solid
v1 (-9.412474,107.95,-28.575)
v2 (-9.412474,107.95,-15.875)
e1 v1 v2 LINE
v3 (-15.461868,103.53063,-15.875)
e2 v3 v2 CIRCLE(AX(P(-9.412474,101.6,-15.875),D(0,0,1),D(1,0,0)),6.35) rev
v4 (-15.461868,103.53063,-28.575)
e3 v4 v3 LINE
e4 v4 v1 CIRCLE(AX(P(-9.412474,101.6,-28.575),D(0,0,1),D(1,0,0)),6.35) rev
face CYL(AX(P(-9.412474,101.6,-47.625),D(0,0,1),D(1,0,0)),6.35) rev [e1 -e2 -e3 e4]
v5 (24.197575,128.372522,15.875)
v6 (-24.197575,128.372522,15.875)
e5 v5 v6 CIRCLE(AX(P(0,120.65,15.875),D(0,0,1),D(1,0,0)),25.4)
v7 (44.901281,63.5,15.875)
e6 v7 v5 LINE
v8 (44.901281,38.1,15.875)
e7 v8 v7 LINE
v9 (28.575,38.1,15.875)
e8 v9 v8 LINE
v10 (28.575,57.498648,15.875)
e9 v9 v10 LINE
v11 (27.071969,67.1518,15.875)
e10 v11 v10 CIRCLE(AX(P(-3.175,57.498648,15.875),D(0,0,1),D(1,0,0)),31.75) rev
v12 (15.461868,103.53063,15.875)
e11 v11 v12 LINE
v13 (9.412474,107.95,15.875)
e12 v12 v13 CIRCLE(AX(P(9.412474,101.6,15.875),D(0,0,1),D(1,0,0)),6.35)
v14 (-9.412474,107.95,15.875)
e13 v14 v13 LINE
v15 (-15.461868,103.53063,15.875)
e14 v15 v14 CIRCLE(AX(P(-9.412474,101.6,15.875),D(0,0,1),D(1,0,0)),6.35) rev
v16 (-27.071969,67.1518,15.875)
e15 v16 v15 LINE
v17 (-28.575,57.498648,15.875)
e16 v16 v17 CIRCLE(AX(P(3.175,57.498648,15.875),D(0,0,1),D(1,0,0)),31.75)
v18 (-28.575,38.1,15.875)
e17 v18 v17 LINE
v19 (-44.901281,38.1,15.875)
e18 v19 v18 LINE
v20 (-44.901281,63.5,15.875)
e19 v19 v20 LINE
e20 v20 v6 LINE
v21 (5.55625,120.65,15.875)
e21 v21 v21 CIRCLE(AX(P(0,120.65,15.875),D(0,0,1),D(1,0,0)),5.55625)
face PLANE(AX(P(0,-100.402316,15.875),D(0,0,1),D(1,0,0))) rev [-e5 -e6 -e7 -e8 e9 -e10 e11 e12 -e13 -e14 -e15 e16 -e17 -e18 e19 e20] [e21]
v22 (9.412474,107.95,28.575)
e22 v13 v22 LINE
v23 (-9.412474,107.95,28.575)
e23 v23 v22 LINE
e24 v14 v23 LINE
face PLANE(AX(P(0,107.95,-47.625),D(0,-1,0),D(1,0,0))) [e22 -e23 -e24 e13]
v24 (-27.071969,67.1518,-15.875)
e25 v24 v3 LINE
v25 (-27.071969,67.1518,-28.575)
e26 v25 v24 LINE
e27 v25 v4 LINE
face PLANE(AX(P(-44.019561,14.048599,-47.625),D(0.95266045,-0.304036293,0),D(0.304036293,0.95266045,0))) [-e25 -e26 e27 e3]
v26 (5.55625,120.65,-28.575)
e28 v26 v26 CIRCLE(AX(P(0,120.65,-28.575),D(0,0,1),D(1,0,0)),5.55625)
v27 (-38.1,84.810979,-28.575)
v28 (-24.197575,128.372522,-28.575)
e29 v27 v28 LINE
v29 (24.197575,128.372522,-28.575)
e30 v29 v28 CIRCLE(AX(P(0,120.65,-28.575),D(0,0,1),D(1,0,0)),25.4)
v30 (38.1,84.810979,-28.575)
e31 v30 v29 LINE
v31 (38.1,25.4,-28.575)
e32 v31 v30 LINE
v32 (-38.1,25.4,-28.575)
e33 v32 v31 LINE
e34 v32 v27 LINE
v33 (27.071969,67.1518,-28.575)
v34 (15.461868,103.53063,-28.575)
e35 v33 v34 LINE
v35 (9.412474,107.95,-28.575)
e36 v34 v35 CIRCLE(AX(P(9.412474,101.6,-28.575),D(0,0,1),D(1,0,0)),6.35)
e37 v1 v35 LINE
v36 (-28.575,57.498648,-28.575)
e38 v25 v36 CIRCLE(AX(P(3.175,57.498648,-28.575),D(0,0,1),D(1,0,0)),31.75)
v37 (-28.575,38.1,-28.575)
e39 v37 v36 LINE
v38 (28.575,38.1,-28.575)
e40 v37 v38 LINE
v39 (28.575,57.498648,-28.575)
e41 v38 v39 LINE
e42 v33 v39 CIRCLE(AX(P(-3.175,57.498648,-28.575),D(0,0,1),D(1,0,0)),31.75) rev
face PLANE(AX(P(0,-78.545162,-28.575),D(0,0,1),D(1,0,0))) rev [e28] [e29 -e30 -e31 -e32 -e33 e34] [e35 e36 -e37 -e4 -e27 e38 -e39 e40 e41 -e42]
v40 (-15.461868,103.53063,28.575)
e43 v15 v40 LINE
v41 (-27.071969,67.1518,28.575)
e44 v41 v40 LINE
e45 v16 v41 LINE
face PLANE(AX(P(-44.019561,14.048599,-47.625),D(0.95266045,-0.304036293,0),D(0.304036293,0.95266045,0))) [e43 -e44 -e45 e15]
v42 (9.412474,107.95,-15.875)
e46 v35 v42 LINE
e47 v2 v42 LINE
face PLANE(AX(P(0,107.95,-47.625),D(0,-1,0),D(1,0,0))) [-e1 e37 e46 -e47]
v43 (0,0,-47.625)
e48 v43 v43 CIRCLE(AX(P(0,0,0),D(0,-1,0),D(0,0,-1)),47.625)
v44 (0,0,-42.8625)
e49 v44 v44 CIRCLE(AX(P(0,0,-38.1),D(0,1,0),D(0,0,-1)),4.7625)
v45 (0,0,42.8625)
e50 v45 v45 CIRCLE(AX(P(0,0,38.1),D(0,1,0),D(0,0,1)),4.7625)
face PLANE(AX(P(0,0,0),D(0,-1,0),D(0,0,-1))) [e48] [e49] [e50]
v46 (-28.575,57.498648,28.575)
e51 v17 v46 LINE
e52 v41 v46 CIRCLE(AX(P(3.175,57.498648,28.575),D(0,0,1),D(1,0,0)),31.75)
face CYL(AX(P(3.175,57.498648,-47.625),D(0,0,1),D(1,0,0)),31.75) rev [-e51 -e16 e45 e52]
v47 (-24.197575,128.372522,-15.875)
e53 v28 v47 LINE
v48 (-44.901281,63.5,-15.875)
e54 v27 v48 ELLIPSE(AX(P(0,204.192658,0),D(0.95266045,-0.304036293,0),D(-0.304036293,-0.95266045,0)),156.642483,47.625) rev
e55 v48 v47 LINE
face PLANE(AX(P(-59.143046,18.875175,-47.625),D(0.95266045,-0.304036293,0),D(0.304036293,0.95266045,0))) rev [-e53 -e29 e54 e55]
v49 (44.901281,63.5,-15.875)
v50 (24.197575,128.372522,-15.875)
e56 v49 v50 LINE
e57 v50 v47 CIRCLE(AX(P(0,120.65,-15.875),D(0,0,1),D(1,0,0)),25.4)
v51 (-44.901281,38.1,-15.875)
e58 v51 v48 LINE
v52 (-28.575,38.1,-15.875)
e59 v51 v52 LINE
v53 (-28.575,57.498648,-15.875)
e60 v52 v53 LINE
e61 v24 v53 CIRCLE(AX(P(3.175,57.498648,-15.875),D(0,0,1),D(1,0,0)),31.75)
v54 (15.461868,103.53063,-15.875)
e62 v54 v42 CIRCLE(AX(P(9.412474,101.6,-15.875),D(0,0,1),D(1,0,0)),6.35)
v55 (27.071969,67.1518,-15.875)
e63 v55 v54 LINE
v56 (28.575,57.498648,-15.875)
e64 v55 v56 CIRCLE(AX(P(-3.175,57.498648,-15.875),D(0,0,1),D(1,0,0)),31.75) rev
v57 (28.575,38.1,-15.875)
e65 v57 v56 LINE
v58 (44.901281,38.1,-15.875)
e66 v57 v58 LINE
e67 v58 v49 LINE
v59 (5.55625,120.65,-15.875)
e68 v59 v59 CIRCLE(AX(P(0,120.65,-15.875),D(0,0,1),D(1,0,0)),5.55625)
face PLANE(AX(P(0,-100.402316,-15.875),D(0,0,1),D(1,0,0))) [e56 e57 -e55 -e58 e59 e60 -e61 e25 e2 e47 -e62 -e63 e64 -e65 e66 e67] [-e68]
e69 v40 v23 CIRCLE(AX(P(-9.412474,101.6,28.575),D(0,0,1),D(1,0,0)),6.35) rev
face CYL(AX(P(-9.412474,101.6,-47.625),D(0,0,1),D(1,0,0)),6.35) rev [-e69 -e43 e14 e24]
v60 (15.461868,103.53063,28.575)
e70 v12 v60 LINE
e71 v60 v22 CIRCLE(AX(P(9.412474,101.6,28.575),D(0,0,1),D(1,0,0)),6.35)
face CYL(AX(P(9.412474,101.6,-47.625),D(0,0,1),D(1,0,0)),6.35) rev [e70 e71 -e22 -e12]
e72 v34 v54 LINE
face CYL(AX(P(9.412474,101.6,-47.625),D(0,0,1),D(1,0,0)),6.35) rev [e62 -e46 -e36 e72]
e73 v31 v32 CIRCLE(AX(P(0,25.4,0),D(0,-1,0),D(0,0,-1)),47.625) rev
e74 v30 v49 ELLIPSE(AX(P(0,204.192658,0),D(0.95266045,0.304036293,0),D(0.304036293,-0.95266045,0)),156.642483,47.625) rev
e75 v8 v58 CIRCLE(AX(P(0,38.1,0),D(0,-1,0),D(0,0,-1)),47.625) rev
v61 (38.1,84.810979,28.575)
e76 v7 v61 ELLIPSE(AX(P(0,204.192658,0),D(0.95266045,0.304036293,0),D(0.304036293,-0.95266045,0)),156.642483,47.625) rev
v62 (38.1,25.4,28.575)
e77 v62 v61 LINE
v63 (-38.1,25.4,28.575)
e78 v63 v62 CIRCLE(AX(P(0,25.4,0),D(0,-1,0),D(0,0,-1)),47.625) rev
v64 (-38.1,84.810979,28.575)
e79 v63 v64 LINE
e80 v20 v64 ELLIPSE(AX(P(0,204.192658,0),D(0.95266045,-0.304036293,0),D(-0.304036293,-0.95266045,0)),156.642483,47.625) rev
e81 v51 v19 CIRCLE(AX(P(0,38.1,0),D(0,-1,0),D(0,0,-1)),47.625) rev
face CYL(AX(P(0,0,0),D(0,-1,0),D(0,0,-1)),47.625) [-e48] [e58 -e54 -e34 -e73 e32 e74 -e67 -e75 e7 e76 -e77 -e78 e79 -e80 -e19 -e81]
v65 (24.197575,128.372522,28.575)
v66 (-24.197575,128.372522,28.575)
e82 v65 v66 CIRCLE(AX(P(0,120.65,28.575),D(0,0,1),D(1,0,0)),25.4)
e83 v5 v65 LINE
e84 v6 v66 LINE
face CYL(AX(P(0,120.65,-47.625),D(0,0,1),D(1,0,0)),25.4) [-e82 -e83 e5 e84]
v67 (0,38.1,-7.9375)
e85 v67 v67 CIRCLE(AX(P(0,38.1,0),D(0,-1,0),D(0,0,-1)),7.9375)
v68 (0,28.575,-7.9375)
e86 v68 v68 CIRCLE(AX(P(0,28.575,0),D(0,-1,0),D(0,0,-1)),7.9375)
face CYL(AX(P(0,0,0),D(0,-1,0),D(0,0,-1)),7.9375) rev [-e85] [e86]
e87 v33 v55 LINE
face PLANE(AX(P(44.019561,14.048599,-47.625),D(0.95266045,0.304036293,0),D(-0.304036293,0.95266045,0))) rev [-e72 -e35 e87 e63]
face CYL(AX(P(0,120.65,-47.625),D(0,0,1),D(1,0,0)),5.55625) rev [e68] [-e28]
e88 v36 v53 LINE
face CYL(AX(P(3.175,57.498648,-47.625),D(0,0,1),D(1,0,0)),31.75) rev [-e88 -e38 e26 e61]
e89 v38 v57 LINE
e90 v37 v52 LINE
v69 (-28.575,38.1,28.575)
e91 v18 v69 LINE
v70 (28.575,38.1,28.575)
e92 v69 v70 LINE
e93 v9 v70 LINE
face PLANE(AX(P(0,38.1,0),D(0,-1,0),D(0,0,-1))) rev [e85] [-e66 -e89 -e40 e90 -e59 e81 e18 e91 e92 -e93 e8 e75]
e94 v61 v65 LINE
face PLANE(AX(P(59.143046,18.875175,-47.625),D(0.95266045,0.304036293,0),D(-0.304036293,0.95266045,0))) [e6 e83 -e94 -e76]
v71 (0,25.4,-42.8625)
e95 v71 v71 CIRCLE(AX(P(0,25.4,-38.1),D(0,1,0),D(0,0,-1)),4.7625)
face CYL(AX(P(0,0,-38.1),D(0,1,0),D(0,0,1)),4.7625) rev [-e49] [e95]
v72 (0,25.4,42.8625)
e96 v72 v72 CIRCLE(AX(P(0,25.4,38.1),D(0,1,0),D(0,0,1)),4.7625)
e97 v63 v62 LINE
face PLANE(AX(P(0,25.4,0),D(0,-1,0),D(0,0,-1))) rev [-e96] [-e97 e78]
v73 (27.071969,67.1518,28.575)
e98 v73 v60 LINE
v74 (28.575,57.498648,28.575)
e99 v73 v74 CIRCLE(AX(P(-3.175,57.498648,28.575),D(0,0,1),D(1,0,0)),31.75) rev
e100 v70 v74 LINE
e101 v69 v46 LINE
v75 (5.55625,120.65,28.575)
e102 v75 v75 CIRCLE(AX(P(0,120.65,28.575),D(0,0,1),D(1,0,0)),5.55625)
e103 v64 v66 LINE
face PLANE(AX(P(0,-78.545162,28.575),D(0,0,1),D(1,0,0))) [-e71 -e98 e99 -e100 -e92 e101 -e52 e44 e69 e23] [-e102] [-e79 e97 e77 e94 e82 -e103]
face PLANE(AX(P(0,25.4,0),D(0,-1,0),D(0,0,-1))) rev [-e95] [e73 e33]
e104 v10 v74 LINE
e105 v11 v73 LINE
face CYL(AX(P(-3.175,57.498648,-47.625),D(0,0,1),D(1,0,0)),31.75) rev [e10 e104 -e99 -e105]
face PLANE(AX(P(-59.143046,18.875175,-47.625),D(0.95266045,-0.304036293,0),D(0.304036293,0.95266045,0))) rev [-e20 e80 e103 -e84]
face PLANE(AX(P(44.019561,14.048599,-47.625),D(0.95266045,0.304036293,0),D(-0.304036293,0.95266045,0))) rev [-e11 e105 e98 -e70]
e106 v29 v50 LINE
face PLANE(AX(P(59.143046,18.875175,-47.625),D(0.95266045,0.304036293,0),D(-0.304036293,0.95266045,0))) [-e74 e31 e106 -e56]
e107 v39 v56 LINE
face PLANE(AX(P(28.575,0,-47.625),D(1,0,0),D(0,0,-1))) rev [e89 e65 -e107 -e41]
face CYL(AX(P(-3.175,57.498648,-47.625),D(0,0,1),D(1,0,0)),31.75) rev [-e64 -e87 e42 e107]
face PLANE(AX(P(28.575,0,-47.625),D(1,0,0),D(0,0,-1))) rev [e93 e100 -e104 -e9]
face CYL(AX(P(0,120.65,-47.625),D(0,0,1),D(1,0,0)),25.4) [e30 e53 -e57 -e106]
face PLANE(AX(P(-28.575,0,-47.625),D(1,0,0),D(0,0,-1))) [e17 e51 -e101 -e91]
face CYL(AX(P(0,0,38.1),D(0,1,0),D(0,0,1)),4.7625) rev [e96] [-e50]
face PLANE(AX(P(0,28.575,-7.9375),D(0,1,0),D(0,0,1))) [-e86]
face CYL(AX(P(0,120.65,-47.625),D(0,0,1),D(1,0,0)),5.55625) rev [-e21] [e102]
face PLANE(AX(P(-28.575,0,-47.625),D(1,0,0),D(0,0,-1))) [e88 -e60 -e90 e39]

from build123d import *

# Parameters (mm, degrees)
CUT_EXTRUDE1_DEPTH      = 120.65
CUT_EXTRUDE2_DEPTH      = 107.95
CUT_EXTRUDE3_DEPTH      = 167.225729431
CUT_EXTRUDE3_DEPTH_BACK = 167.225729431
SKETCH5_R               = 4.7625
CUT_EXTRUDE4_DEPTH      = 139.176350183


with BuildPart() as part:
    # Sketch1 → Revolve1 (revolve)
    with BuildSketch(Plane(origin=(0, 0, 0), x_dir=(0, 0, -1), z_dir=(1, 0, 0))):
        Polygon((0, 0), (47.625, 0), (47.625, 146.05), (0, 146.05), (0, 38.1), (7.9375, 38.1), (7.9375, 28.575), (0, 28.575), align=None)
    revolve(axis=Axis((0, 0, 0), (0, 1, 0)))

    # Sketch2 → Cut-Extrude1 (cut)
    with BuildSketch(Plane(origin=(0, 146.05, 0), x_dir=(1, 0, 0), z_dir=(0, 1, 0))):
        with BuildLine():
            ThreePointArc((38.1, 28.575), (0, 47.625), (-38.1, 28.575))
            Line((-38.1, 28.575), (38.1, 28.575))
        make_face()
        with BuildLine():
            Line((38.1, -28.575), (-38.1, -28.575))
            ThreePointArc((-38.1, -28.575), (0, -47.625), (38.1, -28.575))
        make_face()
    extrude(amount=-CUT_EXTRUDE1_DEPTH, mode=Mode.SUBTRACT)

    # Sketch2<3> → Cut-Extrude2 (cut)
    with BuildSketch(Plane(origin=(0, 146.05, 0), x_dir=(1, 0, 0), z_dir=(0, 1, 0))):
        with BuildLine():
            ThreePointArc((-44.901280605, 15.875), (-46.939131403, 8.053481737), (-47.625, 0))
            Line((-47.625, 0), (47.625, 0))
            ThreePointArc((47.625, 0), (46.939131403, 8.053481737), (44.901280605, 15.875))
            Line((44.901280605, 15.875), (-44.901280605, 15.875))
        make_face()
        with BuildLine():
            Line((47.625, 0), (-47.625, 0))
            ThreePointArc((-47.625, 0), (-46.939131403, -8.053481737), (-44.901280605, -15.875))
            Line((-44.901280605, -15.875), (44.901280605, -15.875))
            ThreePointArc((44.901280605, -15.875), (46.939131403, -8.053481737), (47.625, 0))
        make_face()
    extrude(amount=-CUT_EXTRUDE2_DEPTH, mode=Mode.SUBTRACT)

    # Sketch4 → Cut-Extrude3 (cut, two sides)
    with BuildSketch(Plane.XY.offset(-15.875)) as cut_extrude3_sk:
        with BuildLine():
            Line((-28.575, 57.498647721), (-28.575, 38.1))
            Line((-28.575, 38.1), (0, 38.1))
            Line((0, 38.1), (0, 107.95))
            Line((0, 107.95), (-9.412473661, 107.95))
            ThreePointArc((-9.412473661, 107.95), (-13.158337818, 106.72747518), (-15.461867516, 103.530630463))
            Line((-15.461867516, 103.530630463), (-27.071969275, 67.151800038))
            ThreePointArc((-27.071969275, 67.151800038), (-28.196992083, 62.38338034), (-28.575, 57.498647721))
        make_face()
        with BuildLine():
            Line((0, 107.95), (0, 38.1))
            Line((0, 38.1), (28.575, 38.1))
            Line((28.575, 38.1), (28.575, 57.498647721))
            ThreePointArc((28.575, 57.498647721), (28.196992083, 62.38338034), (27.071969275, 67.151800038))
            Line((27.071969275, 67.151800038), (15.461867516, 103.530630463))
            ThreePointArc((15.461867516, 103.530630463), (13.158337818, 106.72747518), (9.412473661, 107.95))
            Line((9.412473661, 107.95), (0, 107.95))
        make_face()
        with BuildLine():
            Line((-44.901280605, 146.05), (-44.901280605, 63.5))
            Line((-44.901280605, 63.5), (-24.19757542, 128.372521853))
            ThreePointArc((-24.19757542, 128.372521853), (-14.983456626, 141.15990072), (0, 146.05))
            Line((0, 146.05), (-44.901280605, 146.05))
        make_face()
        with BuildLine():
            Line((44.901280605, 146.05), (0, 146.05))
            ThreePointArc((0, 146.05), (14.983456626, 141.15990072), (24.19757542, 128.372521853))
            Line((24.19757542, 128.372521853), (44.901280605, 63.5))
            Line((44.901280605, 63.5), (44.901280605, 146.05))
        make_face()
        with BuildLine():
            ThreePointArc((5.55625, 120.65), (3.928862053, 124.578862053), (0, 126.20625))
            Line((0, 126.20625), (0, 115.09375))
            ThreePointArc((0, 115.09375), (3.928862053, 116.721137947), (5.55625, 120.65))
        make_face()
        with BuildLine():
            Line((0, 115.09375), (0, 126.20625))
            ThreePointArc((0, 126.20625), (-5.55625, 120.65), (0, 115.09375))
        make_face()
    extrude(amount=CUT_EXTRUDE3_DEPTH, mode=Mode.SUBTRACT)
    extrude(cut_extrude3_sk.sketch, amount=-CUT_EXTRUDE3_DEPTH_BACK, mode=Mode.SUBTRACT)

    # Sketch5 → Cut-Extrude4 (cut, through all)
    with BuildSketch(Plane(origin=(0, 25.4, 0), x_dir=(1, 0, 0), z_dir=(0, 1, 0))):
        with Locations(Location((0, -38.1, 0), (0, 0, 270))):
            Circle(SKETCH5_R)
        with Locations(Location((0, 38.1, 0), (0, 0, 90))):
            Circle(SKETCH5_R)
    extrude(amount=-CUT_EXTRUDE4_DEPTH, mode=Mode.SUBTRACT)


solid = part.part
